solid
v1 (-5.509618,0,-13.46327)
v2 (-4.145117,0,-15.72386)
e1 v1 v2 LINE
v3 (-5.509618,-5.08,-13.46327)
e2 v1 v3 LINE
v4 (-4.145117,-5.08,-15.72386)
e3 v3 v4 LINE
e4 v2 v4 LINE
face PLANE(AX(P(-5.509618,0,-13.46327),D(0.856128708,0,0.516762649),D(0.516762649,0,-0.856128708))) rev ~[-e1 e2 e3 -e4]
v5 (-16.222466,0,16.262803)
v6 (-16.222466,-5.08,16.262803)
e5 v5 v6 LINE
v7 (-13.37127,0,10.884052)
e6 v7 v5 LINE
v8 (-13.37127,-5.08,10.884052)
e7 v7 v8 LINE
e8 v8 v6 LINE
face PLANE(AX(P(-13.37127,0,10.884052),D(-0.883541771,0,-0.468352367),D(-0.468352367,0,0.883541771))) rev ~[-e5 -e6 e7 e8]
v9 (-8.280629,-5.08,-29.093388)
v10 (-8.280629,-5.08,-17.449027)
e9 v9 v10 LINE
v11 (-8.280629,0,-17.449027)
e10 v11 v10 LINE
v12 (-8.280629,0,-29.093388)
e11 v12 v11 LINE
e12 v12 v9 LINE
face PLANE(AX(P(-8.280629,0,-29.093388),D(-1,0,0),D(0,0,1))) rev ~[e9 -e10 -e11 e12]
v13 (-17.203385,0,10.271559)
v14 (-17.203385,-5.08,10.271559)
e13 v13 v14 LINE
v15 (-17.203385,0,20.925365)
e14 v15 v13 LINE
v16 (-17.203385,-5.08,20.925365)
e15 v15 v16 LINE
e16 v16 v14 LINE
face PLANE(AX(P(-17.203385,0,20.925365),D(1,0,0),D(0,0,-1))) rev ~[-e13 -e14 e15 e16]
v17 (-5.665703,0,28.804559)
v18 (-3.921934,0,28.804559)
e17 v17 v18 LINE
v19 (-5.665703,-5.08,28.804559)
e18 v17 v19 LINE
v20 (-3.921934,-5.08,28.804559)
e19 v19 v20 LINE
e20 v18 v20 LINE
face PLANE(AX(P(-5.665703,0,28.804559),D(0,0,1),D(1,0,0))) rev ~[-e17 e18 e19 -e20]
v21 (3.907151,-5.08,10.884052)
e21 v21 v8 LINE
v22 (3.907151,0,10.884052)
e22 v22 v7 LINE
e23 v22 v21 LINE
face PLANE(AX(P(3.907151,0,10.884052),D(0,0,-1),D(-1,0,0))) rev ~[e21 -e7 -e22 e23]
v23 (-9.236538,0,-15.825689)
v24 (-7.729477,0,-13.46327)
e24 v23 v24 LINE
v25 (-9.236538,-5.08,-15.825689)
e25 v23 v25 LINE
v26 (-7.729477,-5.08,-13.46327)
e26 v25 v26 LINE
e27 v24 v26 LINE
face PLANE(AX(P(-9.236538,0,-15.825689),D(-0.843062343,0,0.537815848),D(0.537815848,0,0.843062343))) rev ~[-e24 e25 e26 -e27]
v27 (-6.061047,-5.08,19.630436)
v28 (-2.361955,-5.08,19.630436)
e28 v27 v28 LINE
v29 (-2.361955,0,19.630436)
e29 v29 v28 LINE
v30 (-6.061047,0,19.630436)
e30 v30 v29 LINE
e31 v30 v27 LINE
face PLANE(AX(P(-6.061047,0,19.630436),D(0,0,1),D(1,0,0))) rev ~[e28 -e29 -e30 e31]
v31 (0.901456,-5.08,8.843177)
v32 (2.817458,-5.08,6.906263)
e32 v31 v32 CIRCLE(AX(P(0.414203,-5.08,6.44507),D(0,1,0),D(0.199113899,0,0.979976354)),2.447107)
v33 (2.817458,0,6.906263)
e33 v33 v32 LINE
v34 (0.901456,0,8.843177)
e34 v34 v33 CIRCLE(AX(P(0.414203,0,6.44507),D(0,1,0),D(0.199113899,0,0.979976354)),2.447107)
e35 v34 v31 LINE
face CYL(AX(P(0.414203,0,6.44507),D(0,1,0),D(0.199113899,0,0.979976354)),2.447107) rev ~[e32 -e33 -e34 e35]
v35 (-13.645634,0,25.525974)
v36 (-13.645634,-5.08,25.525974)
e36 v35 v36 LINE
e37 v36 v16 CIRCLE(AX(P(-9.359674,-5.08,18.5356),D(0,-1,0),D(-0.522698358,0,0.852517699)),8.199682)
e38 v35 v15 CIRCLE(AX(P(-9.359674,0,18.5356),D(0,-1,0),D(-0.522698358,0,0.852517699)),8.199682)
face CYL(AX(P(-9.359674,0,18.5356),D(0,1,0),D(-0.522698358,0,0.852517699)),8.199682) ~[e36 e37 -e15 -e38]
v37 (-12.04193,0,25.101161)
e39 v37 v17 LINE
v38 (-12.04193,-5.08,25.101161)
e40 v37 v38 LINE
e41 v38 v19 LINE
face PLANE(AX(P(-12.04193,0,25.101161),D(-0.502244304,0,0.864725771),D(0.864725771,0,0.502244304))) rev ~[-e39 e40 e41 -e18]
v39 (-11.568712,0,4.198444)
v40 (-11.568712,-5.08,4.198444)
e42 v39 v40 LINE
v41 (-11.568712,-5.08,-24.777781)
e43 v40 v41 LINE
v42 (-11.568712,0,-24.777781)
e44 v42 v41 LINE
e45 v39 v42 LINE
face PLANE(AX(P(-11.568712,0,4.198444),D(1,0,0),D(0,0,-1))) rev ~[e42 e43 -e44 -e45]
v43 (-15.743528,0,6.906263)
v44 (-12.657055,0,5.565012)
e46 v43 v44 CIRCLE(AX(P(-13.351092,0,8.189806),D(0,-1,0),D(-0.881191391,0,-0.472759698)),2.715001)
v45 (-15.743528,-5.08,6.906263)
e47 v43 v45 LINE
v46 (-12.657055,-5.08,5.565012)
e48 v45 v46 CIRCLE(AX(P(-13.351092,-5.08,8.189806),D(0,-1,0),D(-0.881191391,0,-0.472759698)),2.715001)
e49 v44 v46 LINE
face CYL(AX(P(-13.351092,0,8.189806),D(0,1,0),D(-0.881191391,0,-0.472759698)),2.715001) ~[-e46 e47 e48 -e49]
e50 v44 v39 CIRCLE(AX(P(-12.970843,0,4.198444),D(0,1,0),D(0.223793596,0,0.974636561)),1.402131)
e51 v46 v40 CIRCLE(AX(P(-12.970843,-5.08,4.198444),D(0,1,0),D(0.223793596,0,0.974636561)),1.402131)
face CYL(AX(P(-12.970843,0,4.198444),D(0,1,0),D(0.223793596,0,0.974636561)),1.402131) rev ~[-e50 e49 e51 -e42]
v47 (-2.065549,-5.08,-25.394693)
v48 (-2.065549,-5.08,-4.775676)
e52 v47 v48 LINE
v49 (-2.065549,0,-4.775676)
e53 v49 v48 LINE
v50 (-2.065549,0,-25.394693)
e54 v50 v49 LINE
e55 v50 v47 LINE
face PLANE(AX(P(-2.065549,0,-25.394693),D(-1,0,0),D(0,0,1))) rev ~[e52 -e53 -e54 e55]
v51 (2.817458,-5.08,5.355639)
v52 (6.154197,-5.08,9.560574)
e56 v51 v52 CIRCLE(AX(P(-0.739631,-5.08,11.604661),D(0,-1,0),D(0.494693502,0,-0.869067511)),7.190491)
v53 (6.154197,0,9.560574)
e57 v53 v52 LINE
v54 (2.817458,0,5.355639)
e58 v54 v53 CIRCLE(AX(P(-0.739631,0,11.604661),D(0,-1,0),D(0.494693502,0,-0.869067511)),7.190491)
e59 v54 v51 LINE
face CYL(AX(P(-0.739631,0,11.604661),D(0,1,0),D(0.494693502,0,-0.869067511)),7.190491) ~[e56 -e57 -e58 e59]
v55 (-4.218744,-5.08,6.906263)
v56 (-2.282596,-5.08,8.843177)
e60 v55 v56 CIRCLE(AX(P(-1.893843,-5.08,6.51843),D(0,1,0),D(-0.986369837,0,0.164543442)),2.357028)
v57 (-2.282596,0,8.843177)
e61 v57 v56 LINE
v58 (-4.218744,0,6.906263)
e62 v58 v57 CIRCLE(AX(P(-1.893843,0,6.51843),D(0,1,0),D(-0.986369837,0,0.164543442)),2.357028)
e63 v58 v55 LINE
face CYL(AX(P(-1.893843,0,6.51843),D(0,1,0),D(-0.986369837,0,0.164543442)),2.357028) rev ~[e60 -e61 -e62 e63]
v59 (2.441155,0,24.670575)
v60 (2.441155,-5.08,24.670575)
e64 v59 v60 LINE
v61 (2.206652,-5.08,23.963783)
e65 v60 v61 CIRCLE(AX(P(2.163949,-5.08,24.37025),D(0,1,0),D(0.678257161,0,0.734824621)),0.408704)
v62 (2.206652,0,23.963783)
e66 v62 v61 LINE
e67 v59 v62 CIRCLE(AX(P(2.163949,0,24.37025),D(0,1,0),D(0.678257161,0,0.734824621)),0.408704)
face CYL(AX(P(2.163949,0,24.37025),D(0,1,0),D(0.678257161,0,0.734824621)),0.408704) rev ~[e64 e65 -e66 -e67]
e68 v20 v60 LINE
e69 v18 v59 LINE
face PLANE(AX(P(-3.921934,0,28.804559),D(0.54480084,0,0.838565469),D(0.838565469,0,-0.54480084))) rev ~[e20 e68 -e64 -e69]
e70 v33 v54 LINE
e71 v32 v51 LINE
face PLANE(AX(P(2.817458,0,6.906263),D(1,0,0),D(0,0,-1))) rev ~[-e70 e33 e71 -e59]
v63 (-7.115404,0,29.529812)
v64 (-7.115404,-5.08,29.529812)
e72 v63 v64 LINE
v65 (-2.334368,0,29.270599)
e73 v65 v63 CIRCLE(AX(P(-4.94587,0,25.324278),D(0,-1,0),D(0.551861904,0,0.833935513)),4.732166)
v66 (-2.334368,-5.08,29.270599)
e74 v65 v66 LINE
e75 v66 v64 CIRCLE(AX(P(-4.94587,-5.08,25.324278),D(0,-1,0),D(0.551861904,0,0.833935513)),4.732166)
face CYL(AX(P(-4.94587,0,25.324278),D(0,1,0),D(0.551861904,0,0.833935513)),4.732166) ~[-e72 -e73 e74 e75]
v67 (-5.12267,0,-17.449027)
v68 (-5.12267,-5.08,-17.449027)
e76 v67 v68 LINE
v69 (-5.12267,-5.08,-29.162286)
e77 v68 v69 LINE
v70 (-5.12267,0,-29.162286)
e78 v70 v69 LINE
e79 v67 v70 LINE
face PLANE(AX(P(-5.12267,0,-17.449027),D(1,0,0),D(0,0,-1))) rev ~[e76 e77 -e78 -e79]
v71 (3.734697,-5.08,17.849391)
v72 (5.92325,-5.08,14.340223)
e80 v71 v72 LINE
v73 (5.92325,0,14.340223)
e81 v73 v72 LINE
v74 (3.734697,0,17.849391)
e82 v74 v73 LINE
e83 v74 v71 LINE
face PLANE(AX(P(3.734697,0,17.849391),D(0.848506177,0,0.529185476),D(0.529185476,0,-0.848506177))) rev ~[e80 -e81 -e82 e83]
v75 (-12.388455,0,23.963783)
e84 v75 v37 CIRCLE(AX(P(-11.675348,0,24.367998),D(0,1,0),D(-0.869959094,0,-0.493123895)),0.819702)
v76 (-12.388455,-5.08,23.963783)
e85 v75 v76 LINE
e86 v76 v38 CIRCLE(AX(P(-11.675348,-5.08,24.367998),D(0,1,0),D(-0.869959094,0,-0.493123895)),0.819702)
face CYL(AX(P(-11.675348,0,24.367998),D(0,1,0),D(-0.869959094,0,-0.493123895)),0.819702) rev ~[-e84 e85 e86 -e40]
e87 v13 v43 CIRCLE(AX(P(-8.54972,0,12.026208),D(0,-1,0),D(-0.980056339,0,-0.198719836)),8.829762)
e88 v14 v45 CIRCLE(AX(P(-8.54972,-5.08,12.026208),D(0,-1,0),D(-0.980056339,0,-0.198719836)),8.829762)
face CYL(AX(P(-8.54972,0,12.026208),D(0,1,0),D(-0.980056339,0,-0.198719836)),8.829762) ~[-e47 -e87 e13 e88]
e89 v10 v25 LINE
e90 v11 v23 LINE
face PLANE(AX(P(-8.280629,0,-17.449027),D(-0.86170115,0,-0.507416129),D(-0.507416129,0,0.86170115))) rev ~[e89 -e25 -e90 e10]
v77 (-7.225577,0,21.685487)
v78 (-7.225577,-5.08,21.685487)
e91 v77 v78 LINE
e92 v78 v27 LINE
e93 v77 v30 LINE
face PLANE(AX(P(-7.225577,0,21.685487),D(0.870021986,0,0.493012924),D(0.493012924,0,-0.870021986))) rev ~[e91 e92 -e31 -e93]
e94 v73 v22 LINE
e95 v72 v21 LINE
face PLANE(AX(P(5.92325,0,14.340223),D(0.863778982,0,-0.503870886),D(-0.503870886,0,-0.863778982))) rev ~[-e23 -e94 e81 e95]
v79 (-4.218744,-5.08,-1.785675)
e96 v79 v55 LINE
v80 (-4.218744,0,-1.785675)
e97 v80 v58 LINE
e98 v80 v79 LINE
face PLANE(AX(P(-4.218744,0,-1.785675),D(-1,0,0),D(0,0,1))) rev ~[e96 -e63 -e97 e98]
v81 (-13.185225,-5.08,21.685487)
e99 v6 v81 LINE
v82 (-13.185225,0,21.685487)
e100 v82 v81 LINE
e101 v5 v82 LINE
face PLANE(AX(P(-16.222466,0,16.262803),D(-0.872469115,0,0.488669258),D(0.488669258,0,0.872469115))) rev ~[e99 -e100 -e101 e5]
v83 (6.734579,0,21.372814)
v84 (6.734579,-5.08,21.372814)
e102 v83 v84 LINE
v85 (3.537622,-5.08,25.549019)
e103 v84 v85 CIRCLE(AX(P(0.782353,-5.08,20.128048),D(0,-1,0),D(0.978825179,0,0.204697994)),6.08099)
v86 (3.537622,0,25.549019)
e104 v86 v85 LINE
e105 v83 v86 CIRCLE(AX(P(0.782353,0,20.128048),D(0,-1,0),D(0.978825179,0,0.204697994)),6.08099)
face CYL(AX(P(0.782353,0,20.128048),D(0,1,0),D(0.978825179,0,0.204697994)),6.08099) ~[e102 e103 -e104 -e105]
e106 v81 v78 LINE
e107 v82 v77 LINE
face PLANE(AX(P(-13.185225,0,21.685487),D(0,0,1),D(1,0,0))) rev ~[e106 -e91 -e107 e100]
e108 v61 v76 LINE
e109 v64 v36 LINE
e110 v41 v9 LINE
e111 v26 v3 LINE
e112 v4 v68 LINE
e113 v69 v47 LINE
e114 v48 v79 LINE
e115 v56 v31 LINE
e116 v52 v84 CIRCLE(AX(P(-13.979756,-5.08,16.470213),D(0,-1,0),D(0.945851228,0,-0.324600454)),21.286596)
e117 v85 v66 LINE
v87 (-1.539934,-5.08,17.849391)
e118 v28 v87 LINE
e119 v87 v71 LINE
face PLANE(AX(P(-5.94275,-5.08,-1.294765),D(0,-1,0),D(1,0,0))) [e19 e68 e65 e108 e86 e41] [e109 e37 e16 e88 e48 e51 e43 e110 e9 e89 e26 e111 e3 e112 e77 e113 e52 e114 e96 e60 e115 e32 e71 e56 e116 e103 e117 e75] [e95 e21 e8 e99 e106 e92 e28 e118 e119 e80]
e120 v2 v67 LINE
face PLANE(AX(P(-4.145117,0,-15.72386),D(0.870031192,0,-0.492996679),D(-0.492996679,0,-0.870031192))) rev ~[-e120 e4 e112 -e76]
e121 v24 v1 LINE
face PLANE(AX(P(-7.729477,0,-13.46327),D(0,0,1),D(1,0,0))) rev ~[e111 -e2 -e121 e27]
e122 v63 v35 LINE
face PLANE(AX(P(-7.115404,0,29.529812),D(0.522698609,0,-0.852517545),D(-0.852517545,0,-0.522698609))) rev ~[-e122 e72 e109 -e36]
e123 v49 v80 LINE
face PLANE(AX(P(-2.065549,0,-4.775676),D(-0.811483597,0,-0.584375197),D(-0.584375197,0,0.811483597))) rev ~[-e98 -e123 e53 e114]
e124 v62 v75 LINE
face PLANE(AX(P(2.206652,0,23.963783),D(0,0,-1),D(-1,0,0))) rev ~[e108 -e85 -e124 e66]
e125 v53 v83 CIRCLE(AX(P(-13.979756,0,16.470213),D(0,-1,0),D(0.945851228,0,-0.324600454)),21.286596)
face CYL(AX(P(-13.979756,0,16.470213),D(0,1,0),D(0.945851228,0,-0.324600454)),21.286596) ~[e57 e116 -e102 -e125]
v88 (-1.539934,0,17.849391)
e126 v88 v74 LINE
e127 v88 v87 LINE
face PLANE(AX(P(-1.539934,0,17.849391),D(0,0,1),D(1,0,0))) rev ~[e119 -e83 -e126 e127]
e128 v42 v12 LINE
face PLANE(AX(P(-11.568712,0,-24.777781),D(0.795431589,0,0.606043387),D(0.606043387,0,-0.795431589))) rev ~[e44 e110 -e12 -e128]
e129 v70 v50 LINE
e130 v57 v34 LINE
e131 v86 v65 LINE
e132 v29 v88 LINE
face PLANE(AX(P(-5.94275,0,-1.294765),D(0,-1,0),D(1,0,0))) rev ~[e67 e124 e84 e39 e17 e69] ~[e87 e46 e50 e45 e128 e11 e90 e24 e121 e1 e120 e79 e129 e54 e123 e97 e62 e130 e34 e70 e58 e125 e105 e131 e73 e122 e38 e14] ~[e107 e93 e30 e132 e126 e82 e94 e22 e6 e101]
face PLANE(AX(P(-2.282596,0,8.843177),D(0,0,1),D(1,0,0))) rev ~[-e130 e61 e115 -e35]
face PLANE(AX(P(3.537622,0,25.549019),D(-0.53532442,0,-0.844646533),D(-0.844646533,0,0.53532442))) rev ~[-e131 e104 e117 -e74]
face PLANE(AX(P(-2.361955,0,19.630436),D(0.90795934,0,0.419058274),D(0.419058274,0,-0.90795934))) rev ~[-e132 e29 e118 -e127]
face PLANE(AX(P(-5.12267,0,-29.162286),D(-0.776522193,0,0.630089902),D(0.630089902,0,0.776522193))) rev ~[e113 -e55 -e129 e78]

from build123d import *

# Parameters (mm, degrees)
F1_DEPTH = 5.08


with BuildPart() as f1:
    # F0 (on Front) → F1 (new body)
    with BuildSketch(Plane.XZ):
        with BuildLine():
            ThreePointArc((-12.657055, 5.565012), (-11.874042, 5.071942), (-11.568712, 4.198444))
            Line((-11.568712, 4.198444), (-11.568712, -24.777781))
            Line((-11.568712, -24.777781), (-8.280629, -29.093388))
            Line((-8.280629, -29.093388), (-8.280629, -17.449027))
            Line((-8.280629, -17.449027), (-9.236538, -15.825689))
            Line((-9.236538, -15.825689), (-7.729477, -13.46327))
            Line((-7.729477, -13.46327), (-5.509618, -13.46327))
            Line((-5.509618, -13.46327), (-4.145117, -15.72386))
            Line((-4.145117, -15.72386), (-5.12267, -17.449027))
            Line((-5.12267, -17.449027), (-5.12267, -29.162286))
            Line((-5.12267, -29.162286), (-2.065549, -25.394693))
            Line((-2.065549, -25.394693), (-2.065549, -4.775676))
            Line((-2.065549, -4.775676), (-4.218744, -1.785675))
            Line((-4.218744, -1.785675), (-4.218744, 6.906263))
            ThreePointArc((-4.218744, 6.906263), (-3.560843, 8.18477), (-2.282596, 8.843177))
            Line((-2.282596, 8.843177), (0.901456, 8.843177))
            ThreePointArc((0.901456, 8.843177), (2.153935, 8.166019), (2.817458, 6.906263))
            Line((2.817458, 6.906263), (2.817458, 5.355639))
            ThreePointArc((2.817458, 5.355639), (4.892934, 7.135056), (6.154197, 9.560574))
            ThreePointArc((6.154197, 9.560574), (7.281192, 15.425578), (6.734579, 21.372814))
            ThreePointArc((6.734579, 21.372814), (5.610944, 23.824417), (3.537622, 25.549019))
            Line((3.537622, 25.549019), (-2.334368, 29.270599))
            ThreePointArc((-2.334368, 29.270599), (-4.689683, 30.049504), (-7.115404, 29.529812))
            Line((-7.115404, 29.529812), (-13.645634, 25.525974))
            ThreePointArc((-13.645634, 25.525974), (-15.846093, 23.551689), (-17.203385, 20.925365))
            Line((-17.203385, 20.925365), (-17.203385, 10.271559))
            ThreePointArc((-17.203385, 10.271559), (-16.650146, 8.512263), (-15.743528, 6.906263))
            ThreePointArc((-15.743528, 6.906263), (-14.433163, 5.699755), (-12.657055, 5.565012))
        make_face()
        Polygon((-16.222466, 16.262803), (-13.185225, 21.685487), (-7.225577, 21.685487), (-6.061047, 19.630436), (-2.361955, 19.630436), (-1.539934, 17.849391), (3.734697, 17.849391), (5.92325, 14.340223), (3.907151, 10.884052), (-13.37127, 10.884052), align=None, mode=Mode.SUBTRACT)
        with BuildLine():
            ThreePointArc((2.441155, 24.670575), (2.551859, 24.241547), (2.206652, 23.963783))
            Line((2.206652, 23.963783), (-12.388455, 23.963783))
            ThreePointArc((-12.388455, 23.963783), (-12.459465, 24.606894), (-12.04193, 25.101161))
            Line((-12.04193, 25.101161), (-5.665703, 28.804559))
            Line((-5.665703, 28.804559), (-3.921934, 28.804559))
            Line((-3.921934, 28.804559), (2.441155, 24.670575))
        make_face(mode=Mode.SUBTRACT)
    extrude(amount=F1_DEPTH)


solid = f1.part
